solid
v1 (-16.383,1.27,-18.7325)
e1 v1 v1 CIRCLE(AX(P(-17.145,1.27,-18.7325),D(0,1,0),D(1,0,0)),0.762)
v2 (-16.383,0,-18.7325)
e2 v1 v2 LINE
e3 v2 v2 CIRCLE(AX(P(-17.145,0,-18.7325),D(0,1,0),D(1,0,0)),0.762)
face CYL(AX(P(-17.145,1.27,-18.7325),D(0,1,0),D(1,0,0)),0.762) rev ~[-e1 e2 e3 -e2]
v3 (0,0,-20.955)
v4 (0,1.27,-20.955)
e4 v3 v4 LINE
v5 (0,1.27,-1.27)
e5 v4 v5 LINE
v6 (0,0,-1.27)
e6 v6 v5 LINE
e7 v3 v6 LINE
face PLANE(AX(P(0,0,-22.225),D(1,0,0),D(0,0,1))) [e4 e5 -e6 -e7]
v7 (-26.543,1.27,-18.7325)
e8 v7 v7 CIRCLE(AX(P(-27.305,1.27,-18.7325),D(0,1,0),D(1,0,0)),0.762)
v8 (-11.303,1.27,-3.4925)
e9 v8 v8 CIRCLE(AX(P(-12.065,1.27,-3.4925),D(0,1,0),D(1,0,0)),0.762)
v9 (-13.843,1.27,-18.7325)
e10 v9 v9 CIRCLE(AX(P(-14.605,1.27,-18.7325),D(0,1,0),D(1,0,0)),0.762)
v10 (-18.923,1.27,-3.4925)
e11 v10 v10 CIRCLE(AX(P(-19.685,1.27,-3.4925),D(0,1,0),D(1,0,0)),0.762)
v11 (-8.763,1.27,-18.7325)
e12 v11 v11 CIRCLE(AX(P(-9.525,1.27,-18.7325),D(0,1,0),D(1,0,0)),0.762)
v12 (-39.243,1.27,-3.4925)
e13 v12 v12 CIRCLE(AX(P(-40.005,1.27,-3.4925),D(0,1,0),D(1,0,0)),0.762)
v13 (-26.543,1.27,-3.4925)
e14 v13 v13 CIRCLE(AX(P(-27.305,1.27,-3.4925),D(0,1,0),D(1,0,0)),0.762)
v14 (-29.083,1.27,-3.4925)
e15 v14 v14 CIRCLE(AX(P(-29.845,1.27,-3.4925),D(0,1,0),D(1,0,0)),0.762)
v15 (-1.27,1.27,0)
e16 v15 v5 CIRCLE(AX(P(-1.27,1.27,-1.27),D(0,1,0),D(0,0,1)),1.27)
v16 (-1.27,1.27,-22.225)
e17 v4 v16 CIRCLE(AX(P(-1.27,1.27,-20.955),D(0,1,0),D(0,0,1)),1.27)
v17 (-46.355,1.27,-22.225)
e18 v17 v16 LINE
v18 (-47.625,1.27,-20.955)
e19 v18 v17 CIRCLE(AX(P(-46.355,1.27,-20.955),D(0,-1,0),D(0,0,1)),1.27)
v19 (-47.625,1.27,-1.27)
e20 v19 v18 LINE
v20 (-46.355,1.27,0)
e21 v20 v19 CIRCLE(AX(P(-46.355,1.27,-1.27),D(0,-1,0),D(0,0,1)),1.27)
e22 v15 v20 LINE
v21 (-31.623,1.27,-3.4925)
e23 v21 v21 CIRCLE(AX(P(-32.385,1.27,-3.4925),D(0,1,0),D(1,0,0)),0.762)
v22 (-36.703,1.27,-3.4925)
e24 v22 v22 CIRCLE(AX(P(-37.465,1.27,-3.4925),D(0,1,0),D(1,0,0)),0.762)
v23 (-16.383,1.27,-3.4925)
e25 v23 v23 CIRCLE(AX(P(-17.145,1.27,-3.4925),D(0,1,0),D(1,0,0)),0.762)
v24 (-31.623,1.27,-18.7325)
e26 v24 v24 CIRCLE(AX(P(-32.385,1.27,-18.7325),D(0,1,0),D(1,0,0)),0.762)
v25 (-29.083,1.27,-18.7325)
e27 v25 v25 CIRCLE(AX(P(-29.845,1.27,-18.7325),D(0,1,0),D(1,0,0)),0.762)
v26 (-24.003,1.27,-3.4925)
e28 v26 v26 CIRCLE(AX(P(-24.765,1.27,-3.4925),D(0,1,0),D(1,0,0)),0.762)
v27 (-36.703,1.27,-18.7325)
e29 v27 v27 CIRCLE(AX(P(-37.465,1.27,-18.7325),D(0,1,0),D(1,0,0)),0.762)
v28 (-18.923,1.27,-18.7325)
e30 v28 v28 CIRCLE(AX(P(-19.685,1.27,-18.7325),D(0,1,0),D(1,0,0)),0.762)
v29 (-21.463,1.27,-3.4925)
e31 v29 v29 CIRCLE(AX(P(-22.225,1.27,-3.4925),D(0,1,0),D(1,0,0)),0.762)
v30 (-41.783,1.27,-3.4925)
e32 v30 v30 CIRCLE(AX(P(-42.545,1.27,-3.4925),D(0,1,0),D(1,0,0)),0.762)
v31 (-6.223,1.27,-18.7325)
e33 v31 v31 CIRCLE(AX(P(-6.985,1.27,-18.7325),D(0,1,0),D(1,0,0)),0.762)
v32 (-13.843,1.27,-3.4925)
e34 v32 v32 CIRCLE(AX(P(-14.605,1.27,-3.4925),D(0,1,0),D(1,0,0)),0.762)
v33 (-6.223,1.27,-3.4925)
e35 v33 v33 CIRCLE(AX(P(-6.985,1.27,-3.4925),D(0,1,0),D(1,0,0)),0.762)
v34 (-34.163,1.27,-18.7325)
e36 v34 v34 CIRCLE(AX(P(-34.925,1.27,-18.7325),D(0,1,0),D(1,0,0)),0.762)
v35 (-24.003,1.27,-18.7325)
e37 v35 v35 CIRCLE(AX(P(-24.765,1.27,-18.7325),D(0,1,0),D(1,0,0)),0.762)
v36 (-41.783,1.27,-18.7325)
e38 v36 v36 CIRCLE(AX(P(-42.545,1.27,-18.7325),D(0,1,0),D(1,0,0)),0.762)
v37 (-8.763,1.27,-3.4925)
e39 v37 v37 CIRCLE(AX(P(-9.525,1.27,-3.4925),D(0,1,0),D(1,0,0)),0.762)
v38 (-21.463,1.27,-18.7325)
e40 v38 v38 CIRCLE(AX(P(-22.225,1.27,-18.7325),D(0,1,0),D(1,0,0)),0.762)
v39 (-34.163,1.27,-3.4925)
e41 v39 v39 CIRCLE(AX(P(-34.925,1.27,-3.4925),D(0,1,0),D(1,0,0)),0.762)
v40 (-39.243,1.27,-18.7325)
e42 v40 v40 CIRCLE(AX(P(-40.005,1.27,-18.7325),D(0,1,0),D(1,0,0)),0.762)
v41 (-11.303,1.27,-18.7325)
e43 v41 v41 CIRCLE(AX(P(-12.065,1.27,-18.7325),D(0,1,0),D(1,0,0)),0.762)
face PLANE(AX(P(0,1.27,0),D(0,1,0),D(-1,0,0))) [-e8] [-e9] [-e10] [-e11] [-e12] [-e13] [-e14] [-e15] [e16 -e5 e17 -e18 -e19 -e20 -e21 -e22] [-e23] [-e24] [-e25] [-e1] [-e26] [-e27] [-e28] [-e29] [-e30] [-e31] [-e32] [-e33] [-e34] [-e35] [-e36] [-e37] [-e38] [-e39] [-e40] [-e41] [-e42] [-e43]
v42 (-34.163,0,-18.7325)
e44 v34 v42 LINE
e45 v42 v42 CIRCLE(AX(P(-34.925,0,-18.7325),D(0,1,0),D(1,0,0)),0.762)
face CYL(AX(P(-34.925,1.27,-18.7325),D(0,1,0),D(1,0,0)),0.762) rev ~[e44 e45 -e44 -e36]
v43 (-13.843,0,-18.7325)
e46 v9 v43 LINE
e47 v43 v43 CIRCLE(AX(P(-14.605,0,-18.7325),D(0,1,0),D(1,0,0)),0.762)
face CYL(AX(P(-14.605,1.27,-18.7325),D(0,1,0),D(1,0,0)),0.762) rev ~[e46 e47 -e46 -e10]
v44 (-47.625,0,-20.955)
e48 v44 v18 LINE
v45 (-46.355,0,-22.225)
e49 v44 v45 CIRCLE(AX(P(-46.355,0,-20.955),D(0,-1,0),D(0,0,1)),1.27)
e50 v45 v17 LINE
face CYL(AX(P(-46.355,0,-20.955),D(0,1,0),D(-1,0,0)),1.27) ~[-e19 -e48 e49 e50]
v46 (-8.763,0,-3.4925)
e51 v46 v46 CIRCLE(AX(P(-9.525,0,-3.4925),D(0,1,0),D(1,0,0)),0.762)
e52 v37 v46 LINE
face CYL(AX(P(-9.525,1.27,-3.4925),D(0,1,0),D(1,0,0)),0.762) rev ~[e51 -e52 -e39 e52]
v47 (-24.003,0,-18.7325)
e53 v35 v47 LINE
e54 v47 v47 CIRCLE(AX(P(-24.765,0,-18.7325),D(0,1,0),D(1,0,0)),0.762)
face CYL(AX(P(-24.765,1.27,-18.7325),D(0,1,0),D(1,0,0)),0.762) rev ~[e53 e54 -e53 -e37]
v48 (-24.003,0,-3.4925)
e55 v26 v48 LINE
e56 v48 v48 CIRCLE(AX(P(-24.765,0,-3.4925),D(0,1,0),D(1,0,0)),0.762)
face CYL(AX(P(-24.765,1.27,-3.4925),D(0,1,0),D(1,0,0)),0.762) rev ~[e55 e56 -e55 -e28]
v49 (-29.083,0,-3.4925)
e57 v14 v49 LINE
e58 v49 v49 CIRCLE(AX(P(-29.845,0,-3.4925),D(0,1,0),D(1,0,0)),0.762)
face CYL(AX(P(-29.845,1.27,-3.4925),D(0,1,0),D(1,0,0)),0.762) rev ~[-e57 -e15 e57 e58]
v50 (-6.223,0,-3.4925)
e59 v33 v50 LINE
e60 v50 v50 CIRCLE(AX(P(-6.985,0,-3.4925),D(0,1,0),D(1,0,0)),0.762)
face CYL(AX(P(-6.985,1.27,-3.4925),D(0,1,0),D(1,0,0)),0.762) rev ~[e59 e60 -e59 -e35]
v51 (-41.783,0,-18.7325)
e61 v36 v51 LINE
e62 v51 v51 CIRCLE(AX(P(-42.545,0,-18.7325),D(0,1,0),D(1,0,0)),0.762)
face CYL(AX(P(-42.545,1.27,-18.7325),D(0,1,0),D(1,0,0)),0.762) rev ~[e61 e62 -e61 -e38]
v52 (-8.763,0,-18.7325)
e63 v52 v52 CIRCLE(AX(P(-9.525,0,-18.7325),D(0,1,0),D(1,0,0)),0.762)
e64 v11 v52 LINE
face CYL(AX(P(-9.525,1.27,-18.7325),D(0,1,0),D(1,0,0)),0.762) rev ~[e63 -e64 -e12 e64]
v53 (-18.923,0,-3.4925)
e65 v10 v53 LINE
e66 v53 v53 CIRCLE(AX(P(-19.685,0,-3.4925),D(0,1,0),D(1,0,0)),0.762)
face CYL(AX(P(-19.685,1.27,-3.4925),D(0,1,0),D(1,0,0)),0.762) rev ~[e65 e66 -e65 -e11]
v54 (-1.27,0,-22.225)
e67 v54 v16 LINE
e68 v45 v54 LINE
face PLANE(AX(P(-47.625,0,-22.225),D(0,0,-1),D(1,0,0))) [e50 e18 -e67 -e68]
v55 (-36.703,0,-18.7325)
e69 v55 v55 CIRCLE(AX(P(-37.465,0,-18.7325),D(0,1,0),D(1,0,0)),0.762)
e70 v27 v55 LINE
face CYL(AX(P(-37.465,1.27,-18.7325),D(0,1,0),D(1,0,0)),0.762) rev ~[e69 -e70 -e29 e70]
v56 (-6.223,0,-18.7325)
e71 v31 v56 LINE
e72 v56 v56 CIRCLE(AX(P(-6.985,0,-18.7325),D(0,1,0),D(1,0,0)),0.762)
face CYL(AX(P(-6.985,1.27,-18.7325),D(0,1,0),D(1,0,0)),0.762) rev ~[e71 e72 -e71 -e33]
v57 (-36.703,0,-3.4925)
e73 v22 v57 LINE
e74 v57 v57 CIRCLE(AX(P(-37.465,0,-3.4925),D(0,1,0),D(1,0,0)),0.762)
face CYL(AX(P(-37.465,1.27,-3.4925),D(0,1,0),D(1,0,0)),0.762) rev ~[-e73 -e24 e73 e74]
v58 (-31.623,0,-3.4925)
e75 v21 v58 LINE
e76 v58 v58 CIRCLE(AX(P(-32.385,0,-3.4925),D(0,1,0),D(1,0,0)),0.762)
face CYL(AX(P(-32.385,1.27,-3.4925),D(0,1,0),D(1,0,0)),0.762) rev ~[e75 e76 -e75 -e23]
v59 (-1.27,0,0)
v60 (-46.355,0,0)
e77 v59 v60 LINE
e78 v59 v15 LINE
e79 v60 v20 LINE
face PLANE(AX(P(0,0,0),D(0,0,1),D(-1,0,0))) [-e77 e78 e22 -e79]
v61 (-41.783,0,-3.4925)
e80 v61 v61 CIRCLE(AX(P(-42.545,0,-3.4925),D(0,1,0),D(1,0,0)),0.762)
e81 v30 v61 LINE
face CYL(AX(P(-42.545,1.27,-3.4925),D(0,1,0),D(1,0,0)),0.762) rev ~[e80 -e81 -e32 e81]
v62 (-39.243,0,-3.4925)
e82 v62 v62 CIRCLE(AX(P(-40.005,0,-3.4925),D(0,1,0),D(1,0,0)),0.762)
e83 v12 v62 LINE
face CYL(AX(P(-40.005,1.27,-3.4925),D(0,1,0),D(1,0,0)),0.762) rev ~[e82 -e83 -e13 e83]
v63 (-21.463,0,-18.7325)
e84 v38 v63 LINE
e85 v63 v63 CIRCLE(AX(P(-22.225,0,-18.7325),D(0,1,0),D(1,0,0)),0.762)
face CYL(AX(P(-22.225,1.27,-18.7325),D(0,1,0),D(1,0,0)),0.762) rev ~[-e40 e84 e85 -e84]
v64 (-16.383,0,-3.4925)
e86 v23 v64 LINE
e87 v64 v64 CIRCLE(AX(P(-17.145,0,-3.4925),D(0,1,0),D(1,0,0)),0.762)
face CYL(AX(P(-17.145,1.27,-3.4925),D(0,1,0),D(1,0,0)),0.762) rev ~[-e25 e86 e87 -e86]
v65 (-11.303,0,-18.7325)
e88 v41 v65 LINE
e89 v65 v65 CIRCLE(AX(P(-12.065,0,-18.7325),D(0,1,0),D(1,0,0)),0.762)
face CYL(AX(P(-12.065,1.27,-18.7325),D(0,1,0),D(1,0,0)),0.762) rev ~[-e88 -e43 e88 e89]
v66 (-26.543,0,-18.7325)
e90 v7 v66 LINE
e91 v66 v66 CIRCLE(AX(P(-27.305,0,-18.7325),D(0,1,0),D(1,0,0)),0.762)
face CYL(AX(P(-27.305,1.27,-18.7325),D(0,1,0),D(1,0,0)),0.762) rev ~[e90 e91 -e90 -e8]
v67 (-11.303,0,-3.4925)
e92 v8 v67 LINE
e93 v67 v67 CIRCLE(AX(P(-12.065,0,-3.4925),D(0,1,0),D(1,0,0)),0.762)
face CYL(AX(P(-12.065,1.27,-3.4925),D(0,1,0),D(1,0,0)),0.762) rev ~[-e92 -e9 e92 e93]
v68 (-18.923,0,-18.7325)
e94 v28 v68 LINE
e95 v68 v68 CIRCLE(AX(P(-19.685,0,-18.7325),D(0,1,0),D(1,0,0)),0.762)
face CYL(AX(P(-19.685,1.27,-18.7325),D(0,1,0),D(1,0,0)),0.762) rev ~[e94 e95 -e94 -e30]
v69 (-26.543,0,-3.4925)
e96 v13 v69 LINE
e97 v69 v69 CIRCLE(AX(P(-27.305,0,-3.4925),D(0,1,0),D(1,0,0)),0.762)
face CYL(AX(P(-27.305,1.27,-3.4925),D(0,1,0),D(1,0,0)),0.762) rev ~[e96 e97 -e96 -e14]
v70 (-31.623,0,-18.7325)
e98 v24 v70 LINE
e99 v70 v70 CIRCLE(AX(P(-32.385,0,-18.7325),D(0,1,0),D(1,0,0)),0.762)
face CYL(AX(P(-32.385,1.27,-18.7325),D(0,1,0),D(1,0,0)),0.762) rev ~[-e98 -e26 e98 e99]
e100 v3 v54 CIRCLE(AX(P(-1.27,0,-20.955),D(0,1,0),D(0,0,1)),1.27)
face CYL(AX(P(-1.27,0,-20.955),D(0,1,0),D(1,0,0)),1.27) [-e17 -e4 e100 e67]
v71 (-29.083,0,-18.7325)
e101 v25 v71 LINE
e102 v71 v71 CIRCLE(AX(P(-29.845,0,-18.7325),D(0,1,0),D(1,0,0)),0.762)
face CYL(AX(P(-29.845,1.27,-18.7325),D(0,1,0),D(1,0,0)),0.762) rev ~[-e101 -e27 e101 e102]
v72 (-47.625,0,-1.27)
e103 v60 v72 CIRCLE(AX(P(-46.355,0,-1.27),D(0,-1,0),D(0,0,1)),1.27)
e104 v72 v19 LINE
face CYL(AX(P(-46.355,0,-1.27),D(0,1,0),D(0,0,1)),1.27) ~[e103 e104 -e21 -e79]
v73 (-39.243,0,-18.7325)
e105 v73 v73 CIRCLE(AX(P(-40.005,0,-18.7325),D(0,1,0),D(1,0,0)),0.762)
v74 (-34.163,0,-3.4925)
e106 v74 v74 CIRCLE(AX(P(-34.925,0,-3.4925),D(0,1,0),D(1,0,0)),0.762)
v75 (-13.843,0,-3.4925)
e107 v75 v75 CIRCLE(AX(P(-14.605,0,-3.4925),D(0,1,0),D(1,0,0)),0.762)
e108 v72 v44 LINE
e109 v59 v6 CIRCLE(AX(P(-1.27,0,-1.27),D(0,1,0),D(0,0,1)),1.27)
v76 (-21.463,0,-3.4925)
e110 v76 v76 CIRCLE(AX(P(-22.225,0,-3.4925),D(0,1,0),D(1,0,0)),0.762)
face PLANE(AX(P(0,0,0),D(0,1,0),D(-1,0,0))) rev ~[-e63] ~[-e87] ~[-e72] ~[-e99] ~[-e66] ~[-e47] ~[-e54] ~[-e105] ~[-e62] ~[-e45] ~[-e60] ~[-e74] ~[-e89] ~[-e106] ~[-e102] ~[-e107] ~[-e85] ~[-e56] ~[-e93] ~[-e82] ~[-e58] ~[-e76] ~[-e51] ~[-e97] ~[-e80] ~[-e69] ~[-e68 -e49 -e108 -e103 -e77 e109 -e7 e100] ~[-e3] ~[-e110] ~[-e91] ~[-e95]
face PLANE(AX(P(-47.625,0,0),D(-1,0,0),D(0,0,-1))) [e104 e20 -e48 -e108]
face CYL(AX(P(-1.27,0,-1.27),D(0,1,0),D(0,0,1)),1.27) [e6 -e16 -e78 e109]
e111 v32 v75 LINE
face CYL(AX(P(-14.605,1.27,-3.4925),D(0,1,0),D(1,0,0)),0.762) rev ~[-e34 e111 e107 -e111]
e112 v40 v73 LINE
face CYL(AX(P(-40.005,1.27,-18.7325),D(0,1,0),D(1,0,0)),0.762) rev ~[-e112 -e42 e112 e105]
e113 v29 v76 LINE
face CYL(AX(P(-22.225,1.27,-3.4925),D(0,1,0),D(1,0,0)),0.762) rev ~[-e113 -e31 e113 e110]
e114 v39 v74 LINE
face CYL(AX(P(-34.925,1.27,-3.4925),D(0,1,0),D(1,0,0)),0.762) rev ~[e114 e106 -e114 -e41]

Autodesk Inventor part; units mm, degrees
ref_plane "YZ Plane" through (0, 0, 0) normal (1, 0, 0) x (0, 1, 0)
ref_plane "XZ Plane" through (0, 0, 0) normal (0, 1, 0) x (-1, 0, 0)
ref_plane "XY Plane" through (0, 0, 0) normal (0, 0, 1) x (1, 0, 0)
sketch "Sketch1" plane through (0, 0, 0) normal (0, 1, 0) x (-1, 0, 0)
  line L0 (0, 0) -> (47.625, 0)
  line L1 (47.625, 0) -> (47.625, -22.225)
  line L2 (47.625, -22.225) -> (0, -22.225)
  line L3 (0, -22.225) -> (0, 0)
  dimension "d0" = 22.225
  dimension "d1" = 47.625
extrude "Extrusion1" add sketch "Sketch1" along normal blind 1.27
sketch "Sketch2" plane through (0, 1.27, 0) normal (0, 1, 0) x (1, 0, 0)
  circle A0 centre (-6.985, 3.4925) radius 0.762
  line L0 (-47.625, 0) -> (0, 0) construction
  line L1 (0, 0) -> (0, 22.225) construction
  line L2 (0, 22.225) -> (-47.625, 22.225) construction
  line L3 (-47.625, 22.225) -> (-47.625, 0) construction
  circle A1 centre (-9.525, 3.4925) radius 0.762
  circle A2 centre (-12.065, 3.4925) radius 0.762
  circle A3 centre (-14.605, 3.4925) radius 0.762
  circle A4 centre (-17.145, 3.4925) radius 0.762
  circle A5 centre (-19.685, 3.4925) radius 0.762
  circle A6 centre (-22.225, 3.4925) radius 0.762
  circle A7 centre (-24.765, 3.4925) radius 0.762
  circle A8 centre (-27.305, 3.4925) radius 0.762
  circle A9 centre (-29.845, 3.4925) radius 0.762
  circle A10 centre (-32.385, 3.4925) radius 0.762
  circle A11 centre (-34.925, 3.4925) radius 0.762
  circle A12 centre (-37.465, 3.4925) radius 0.762
  circle A13 centre (-40.005, 3.4925) radius 0.762
  circle A14 centre (-42.545, 3.4925) radius 0.762
  circle A15 centre (-6.985, 18.7325) radius 0.762
  circle A16 centre (-9.525, 18.7325) radius 0.762
  circle A17 centre (-12.065, 18.7325) radius 0.762
  circle A18 centre (-14.605, 18.7325) radius 0.762
  circle A19 centre (-17.145, 18.7325) radius 0.762
  circle A20 centre (-19.685, 18.7325) radius 0.762
  circle A21 centre (-22.225, 18.7325) radius 0.762
  circle A22 centre (-24.765, 18.7325) radius 0.762
  circle A23 centre (-27.305, 18.7325) radius 0.762
  circle A24 centre (-29.845, 18.7325) radius 0.762
  circle A25 centre (-32.385, 18.7325) radius 0.762
  circle A26 centre (-34.925, 18.7325) radius 0.762
  circle A27 centre (-37.465, 18.7325) radius 0.762
  circle A28 centre (-40.005, 18.7325) radius 0.762
  circle A29 centre (-42.545, 18.7325) radius 0.762
  dimension "d4" = 1.524
  dimension "d5" = 3.4925
  dimension "d6" = 6.985
  dimension "d9" = 2.54
  dimension "d12" = 15.24
extrude "Extrusion2" cut sketch "Sketch2" against normal through all
fillet "Fillet1" radius 1.27 4 edges at (-47.625, 0.635, 0) (-47.625, 0.635, -22.225) (0, 0.635, 0) (0, 0.635, -22.225)
properties part number "BackupNanoCasePart2" material "ABS Plastic"
